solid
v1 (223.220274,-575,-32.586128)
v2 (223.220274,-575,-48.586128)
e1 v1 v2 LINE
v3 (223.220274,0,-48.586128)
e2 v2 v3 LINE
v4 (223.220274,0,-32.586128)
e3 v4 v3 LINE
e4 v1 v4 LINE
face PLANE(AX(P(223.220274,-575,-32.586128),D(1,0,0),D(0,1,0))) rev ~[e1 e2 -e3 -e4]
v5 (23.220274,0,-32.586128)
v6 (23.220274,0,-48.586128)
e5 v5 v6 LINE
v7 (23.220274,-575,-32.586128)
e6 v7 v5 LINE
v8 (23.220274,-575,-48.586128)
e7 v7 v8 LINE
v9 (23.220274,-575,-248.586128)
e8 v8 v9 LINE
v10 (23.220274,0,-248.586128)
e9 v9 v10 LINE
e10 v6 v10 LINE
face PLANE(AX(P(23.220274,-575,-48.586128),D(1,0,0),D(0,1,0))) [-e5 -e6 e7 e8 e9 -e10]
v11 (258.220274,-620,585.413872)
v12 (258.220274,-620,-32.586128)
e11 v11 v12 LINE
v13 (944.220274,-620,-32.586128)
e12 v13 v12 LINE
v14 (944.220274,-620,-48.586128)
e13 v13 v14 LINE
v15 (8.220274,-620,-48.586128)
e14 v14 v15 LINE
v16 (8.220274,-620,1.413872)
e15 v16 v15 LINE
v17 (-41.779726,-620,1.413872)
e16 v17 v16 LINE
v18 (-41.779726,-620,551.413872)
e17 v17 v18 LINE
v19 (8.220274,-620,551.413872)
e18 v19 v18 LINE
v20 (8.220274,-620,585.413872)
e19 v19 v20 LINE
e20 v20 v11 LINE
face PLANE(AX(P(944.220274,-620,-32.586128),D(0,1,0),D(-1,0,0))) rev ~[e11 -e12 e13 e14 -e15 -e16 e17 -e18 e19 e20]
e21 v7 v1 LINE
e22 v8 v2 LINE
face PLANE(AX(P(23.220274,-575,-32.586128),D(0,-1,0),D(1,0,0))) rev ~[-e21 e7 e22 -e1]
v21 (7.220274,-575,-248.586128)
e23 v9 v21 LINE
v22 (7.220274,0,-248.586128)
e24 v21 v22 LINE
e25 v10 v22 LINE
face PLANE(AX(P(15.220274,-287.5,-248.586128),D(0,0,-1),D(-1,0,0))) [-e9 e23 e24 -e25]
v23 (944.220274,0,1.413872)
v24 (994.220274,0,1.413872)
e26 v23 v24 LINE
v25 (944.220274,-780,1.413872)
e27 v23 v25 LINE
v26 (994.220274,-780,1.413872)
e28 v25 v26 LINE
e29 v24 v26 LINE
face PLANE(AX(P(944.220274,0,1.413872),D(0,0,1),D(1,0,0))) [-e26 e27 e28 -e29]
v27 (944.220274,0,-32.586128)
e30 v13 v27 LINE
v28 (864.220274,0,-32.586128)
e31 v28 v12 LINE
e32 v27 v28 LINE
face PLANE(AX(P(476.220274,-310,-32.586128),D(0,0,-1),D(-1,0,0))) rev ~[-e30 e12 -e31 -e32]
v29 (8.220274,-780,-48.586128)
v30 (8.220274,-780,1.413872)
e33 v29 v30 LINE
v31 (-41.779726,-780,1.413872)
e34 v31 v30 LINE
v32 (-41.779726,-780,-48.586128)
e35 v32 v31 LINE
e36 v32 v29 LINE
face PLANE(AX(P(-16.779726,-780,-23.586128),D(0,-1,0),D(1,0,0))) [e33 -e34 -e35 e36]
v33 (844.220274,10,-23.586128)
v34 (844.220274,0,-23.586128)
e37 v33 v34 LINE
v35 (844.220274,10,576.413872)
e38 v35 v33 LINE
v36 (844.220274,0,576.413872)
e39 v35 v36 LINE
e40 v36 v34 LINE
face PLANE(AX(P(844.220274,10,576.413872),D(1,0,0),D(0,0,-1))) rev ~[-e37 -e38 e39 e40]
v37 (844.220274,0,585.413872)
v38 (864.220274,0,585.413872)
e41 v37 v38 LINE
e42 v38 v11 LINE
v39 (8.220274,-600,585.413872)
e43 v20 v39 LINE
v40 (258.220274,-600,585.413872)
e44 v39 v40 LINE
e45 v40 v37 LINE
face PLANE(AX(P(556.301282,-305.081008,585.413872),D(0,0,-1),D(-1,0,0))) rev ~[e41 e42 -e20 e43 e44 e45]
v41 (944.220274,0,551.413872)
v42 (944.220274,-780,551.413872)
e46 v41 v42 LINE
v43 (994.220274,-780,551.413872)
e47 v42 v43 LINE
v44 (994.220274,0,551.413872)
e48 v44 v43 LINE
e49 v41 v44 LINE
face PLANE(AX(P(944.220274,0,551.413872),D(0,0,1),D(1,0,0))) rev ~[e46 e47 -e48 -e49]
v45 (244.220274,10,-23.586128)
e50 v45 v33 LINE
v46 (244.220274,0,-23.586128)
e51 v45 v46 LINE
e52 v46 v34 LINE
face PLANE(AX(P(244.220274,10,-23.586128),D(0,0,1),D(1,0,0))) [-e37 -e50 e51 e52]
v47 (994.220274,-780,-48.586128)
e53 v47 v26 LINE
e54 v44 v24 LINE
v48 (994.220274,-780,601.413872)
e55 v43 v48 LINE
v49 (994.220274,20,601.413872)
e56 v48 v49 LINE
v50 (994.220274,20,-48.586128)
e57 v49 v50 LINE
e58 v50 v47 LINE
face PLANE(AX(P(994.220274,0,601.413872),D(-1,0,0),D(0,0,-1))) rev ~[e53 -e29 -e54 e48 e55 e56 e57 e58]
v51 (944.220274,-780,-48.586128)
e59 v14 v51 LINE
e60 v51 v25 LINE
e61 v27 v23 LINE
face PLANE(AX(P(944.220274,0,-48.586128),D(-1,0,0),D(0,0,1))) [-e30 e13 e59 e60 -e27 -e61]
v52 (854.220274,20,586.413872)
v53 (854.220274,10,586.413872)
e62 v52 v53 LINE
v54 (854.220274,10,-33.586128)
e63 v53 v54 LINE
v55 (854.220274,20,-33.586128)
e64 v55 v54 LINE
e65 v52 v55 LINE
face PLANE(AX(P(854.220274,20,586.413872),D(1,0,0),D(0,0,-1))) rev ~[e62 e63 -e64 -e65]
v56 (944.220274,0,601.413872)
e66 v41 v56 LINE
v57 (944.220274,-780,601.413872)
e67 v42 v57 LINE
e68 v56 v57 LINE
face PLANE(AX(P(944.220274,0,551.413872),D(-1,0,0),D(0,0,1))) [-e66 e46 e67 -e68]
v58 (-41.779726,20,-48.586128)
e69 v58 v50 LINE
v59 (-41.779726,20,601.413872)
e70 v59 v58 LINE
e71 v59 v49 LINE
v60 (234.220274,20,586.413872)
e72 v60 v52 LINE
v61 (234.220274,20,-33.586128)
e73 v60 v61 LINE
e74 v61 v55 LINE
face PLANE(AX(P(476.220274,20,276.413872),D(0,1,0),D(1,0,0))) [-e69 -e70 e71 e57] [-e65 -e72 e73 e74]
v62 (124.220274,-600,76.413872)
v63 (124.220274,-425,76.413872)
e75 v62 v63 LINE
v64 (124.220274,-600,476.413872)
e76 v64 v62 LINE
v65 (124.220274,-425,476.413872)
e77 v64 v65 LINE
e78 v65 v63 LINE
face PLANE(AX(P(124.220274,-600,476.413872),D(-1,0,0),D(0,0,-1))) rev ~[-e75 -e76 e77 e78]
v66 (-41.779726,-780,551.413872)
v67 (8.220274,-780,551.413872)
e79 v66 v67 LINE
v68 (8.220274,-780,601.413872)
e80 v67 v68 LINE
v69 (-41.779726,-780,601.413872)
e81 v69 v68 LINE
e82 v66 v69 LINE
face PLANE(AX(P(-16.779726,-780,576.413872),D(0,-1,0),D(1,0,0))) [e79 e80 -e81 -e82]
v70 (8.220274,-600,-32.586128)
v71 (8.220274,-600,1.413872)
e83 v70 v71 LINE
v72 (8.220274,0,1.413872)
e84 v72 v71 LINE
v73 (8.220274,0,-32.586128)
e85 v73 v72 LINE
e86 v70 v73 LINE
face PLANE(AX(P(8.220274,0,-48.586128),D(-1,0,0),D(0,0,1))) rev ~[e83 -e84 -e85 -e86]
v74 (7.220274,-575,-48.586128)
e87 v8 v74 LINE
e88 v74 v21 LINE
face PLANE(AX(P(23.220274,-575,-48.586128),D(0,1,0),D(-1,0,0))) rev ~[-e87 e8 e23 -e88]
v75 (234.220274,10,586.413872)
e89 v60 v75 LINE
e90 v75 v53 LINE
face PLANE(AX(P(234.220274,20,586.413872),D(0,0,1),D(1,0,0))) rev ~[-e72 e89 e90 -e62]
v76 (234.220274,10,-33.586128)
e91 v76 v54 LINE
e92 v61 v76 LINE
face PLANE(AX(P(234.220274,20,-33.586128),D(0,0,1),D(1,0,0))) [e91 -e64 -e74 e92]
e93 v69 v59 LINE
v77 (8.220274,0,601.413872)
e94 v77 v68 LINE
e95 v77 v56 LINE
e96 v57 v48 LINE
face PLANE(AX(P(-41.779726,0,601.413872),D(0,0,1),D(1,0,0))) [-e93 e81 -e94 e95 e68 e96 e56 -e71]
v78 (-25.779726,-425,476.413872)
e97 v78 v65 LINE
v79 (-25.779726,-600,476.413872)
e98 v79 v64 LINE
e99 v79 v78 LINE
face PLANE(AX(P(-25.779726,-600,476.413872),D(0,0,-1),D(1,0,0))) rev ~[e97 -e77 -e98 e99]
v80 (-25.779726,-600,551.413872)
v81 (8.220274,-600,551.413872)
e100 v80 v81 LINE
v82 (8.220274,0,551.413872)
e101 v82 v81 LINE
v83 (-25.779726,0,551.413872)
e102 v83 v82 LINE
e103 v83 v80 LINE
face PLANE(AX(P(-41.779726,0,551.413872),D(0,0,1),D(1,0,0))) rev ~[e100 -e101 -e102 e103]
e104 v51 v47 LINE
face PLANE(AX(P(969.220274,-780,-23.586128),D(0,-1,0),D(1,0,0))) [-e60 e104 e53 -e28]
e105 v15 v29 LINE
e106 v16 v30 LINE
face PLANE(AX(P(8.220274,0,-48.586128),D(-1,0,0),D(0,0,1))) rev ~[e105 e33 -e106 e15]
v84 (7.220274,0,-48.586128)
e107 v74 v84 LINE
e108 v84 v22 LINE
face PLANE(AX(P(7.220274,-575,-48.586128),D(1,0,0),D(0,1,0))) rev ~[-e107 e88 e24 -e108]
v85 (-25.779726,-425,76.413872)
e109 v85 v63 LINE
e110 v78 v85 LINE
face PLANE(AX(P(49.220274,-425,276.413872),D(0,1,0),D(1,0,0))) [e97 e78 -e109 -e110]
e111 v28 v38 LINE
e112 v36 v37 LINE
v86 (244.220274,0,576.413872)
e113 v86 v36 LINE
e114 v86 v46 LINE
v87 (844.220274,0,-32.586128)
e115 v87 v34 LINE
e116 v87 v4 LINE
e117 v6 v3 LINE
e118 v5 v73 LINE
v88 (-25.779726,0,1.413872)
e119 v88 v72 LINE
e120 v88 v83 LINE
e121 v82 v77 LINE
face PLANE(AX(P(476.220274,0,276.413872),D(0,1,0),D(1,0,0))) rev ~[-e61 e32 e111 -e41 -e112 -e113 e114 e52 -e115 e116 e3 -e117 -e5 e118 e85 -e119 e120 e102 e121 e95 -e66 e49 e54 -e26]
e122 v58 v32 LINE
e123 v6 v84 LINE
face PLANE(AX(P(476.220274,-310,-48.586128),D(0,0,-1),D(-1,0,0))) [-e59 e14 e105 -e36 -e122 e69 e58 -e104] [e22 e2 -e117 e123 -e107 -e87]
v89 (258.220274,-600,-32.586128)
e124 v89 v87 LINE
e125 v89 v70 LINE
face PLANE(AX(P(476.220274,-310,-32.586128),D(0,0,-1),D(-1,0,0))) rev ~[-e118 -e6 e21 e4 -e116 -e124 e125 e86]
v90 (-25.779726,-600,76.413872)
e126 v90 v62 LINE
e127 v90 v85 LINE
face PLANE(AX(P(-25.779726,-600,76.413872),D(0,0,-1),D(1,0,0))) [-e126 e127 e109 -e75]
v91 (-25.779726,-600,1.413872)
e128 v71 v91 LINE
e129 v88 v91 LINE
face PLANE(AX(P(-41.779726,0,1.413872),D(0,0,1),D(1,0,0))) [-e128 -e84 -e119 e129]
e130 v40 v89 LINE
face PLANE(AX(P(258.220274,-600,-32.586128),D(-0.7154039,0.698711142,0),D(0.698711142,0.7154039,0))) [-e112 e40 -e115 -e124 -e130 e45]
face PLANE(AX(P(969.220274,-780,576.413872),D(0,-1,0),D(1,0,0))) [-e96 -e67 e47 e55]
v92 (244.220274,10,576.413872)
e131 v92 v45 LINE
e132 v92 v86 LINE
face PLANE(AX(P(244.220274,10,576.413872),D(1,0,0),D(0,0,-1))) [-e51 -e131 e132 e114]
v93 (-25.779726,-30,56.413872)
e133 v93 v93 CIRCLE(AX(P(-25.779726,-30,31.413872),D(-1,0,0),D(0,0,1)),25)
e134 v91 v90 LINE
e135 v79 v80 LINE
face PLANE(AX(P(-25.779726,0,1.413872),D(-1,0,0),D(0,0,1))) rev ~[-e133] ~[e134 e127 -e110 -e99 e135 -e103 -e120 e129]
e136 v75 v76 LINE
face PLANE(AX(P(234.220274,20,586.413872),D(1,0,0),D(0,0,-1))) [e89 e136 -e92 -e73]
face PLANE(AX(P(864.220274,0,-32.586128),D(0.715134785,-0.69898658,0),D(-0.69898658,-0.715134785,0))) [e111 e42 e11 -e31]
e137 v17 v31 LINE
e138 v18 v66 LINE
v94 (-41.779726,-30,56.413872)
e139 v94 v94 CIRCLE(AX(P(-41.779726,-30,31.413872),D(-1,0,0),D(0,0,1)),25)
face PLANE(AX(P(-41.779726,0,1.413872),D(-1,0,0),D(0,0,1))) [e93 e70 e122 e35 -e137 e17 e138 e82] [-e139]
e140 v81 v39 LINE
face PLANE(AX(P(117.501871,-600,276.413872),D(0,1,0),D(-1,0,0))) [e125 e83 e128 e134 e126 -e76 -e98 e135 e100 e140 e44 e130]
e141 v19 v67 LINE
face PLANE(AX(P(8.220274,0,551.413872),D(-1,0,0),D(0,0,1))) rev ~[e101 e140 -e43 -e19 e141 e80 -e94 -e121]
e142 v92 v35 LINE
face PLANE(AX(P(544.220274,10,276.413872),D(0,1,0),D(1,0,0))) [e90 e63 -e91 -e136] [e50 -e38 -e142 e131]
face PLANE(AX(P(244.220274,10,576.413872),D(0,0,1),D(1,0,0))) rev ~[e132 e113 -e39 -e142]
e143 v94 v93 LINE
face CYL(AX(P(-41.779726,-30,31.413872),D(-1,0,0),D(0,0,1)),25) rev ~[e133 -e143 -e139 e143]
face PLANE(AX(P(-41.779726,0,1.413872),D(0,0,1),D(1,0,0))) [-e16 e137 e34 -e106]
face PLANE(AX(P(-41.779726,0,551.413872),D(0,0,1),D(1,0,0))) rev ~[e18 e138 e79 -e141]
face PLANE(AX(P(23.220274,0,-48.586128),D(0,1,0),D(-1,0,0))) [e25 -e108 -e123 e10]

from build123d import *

# Parameters (mm, degrees)
ESQUISSE2_W             = 1036
ESQUISSE2_H             = 650
BOSS_EXTRU_1_DEPTH      = 20
ESQUISSE3_W             = 620
ESQUISSE3_H             = 620
ENL_V_MAT_EXTRU_1_DEPTH = 10
ESQUISSE4_W             = 600
ESQUISSE4_H             = 600
ENL_V_MAT_EXTRU_2_DEPTH = 10
ESQUISSE5_W             = 50
ESQUISSE5_H             = 50
BOSS_EXTRU_2_DEPTH      = 780
ESQUISSE6_W             = 16
ESQUISSE6_H             = 550
BOSS_EXTRU_3_DEPTH      = 620
BOSS_EXTRU_5_DEPTH      = 20
ESQUISSE10_W            = 150
ESQUISSE10_H            = 400
BOSS_EXTRU_6_DEPTH      = 175
ESQUISSE20_R            = 25
ENL_V_MAT_EXTRU_4_DEPTH = 16
ESQUISSE21_W            = 936
ESQUISSE21_H            = 620
BOSS_EXTRU_7_DEPTH      = 16
BOSS_EXTRU_8_DEPTH      = 618
ESQUISSE25_W            = 200
ESQUISSE25_H            = 575
ENL_V_MAT_EXTRU_5_DEPTH = 16
ESQUISSE26_W            = 16
ESQUISSE26_H            = 575
BOSS_EXTRU_9_DEPTH      = 200


with BuildPart() as part:
    # Esquisse2 → Boss.-Extru.1 (new body)
    with BuildSketch(Plane(origin=(0, 0, 0), x_dir=(1, 0, 0), z_dir=(0, 1, 0))):
        with Locations((476.22027439, -276.413871951)):
            Rectangle(ESQUISSE2_W, ESQUISSE2_H)
    extrude(amount=BOSS_EXTRU_1_DEPTH)

    # Esquisse3 → Enlèv. mat.-Extru.1 (cut)
    with BuildSketch(Plane(origin=(0, 20, 0), x_dir=(1, 0, 0), z_dir=(0, 1, 0))):
        with Locations((544.22027439, -276.413871951)):
            Rectangle(ESQUISSE3_W, ESQUISSE3_H)
    extrude(amount=-ENL_V_MAT_EXTRU_1_DEPTH, mode=Mode.SUBTRACT)

    # Esquisse4 → Enlèv. mat.-Extru.2 (cut)
    with BuildSketch(Plane(origin=(0, 10, 0), x_dir=(1, 0, 0), z_dir=(0, 1, 0))):
        with Locations((544.22027439, -276.413871951)):
            Rectangle(ESQUISSE4_W, ESQUISSE4_H)
    extrude(amount=-ENL_V_MAT_EXTRU_2_DEPTH, mode=Mode.SUBTRACT)

    # Esquisse5 → Boss.-Extru.2 (add)
    with BuildSketch(Plane.XZ):
        with Locations((-16.77972561, 576.413871951)):
            Rectangle(ESQUISSE5_W, ESQUISSE5_H)
        with Locations((969.22027439, 576.413871951)):
            Rectangle(ESQUISSE5_W, ESQUISSE5_H)
        with Locations((-16.77972561, -23.586128049)):
            Rectangle(ESQUISSE5_W, ESQUISSE5_H)
        with Locations((969.22027439, -23.586128049)):
            Rectangle(ESQUISSE5_W, ESQUISSE5_H)
    extrude(amount=BOSS_EXTRU_2_DEPTH)

    # Esquisse6 → Boss.-Extru.3 (add)
    with BuildSketch(Plane.XZ):
        with Locations((-33.77972561, 276.413871951)):
            Rectangle(ESQUISSE6_W, ESQUISSE6_H)
    extrude(amount=BOSS_EXTRU_3_DEPTH)

    # Esquisse8 → Boss.-Extru.5 (add)
    with BuildSketch(Plane.XZ.offset(620)):
        Polygon((-25.77972561, 551.413871951), (8.22027439, 551.413871951), (8.22027439, 585.413871951), (258.22027439, 585.413871951), (258.22027439, -32.586128049), (8.22027439, -32.586128049), (8.22027439, 1.413871951), (-25.77972561, 1.413871951), align=None)
    extrude(amount=-BOSS_EXTRU_5_DEPTH)

    # Esquisse10 → Boss.-Extru.6 (add)
    with BuildSketch(Plane(origin=(0, -600, 0), x_dir=(1, 0, 0), z_dir=(0, 1, 0))):
        with Locations((49.22027439, -276.413871951)):
            Rectangle(ESQUISSE10_W, ESQUISSE10_H)
    extrude(amount=BOSS_EXTRU_6_DEPTH)

    # Esquisse20 → Enlèv. mat.-Extru.4 (cut)
    with BuildSketch(Plane.ZY.offset(41.77972561)):
        with Locations((31.413871951, -30)):
            Circle(ESQUISSE20_R)
    extrude(amount=-ENL_V_MAT_EXTRU_4_DEPTH, mode=Mode.SUBTRACT)

    # Esquisse21 → Boss.-Extru.7 (add)
    with BuildSketch(Plane(origin=(0, 0, -32.586128049), x_dir=(-1, 0, 0), z_dir=(0, 0, -1))):
        with Locations((-476.22027439, -310)):
            Rectangle(ESQUISSE21_W, ESQUISSE21_H)
    extrude(amount=BOSS_EXTRU_7_DEPTH)

    # Esquisse24 → Boss.-Extru.8 (add)
    with BuildSketch(Plane.XY.offset(-32.586128049)):
        Polygon((258.22027439, -620), (258.22027439, -600), (844.22027439, 0), (864.22027439, 0), align=None)
    extrude(amount=BOSS_EXTRU_8_DEPTH)

    # Esquisse25 → Enlèv. mat.-Extru.5 (cut)
    with BuildSketch(Plane.XY.offset(-32.586128049)):
        with Locations((123.22027439, -287.5)):
            Rectangle(ESQUISSE25_W, ESQUISSE25_H)
    extrude(amount=-ENL_V_MAT_EXTRU_5_DEPTH, mode=Mode.SUBTRACT)

    # Esquisse26 → Boss.-Extru.9 (add)
    with BuildSketch(Plane(origin=(0, 0, -48.586128049), x_dir=(-1, 0, 0), z_dir=(0, 0, -1))):
        with Locations((-15.22027439, -287.5)):
            Rectangle(ESQUISSE26_W, ESQUISSE26_H)
    extrude(amount=BOSS_EXTRU_9_DEPTH)


solid = part.part
